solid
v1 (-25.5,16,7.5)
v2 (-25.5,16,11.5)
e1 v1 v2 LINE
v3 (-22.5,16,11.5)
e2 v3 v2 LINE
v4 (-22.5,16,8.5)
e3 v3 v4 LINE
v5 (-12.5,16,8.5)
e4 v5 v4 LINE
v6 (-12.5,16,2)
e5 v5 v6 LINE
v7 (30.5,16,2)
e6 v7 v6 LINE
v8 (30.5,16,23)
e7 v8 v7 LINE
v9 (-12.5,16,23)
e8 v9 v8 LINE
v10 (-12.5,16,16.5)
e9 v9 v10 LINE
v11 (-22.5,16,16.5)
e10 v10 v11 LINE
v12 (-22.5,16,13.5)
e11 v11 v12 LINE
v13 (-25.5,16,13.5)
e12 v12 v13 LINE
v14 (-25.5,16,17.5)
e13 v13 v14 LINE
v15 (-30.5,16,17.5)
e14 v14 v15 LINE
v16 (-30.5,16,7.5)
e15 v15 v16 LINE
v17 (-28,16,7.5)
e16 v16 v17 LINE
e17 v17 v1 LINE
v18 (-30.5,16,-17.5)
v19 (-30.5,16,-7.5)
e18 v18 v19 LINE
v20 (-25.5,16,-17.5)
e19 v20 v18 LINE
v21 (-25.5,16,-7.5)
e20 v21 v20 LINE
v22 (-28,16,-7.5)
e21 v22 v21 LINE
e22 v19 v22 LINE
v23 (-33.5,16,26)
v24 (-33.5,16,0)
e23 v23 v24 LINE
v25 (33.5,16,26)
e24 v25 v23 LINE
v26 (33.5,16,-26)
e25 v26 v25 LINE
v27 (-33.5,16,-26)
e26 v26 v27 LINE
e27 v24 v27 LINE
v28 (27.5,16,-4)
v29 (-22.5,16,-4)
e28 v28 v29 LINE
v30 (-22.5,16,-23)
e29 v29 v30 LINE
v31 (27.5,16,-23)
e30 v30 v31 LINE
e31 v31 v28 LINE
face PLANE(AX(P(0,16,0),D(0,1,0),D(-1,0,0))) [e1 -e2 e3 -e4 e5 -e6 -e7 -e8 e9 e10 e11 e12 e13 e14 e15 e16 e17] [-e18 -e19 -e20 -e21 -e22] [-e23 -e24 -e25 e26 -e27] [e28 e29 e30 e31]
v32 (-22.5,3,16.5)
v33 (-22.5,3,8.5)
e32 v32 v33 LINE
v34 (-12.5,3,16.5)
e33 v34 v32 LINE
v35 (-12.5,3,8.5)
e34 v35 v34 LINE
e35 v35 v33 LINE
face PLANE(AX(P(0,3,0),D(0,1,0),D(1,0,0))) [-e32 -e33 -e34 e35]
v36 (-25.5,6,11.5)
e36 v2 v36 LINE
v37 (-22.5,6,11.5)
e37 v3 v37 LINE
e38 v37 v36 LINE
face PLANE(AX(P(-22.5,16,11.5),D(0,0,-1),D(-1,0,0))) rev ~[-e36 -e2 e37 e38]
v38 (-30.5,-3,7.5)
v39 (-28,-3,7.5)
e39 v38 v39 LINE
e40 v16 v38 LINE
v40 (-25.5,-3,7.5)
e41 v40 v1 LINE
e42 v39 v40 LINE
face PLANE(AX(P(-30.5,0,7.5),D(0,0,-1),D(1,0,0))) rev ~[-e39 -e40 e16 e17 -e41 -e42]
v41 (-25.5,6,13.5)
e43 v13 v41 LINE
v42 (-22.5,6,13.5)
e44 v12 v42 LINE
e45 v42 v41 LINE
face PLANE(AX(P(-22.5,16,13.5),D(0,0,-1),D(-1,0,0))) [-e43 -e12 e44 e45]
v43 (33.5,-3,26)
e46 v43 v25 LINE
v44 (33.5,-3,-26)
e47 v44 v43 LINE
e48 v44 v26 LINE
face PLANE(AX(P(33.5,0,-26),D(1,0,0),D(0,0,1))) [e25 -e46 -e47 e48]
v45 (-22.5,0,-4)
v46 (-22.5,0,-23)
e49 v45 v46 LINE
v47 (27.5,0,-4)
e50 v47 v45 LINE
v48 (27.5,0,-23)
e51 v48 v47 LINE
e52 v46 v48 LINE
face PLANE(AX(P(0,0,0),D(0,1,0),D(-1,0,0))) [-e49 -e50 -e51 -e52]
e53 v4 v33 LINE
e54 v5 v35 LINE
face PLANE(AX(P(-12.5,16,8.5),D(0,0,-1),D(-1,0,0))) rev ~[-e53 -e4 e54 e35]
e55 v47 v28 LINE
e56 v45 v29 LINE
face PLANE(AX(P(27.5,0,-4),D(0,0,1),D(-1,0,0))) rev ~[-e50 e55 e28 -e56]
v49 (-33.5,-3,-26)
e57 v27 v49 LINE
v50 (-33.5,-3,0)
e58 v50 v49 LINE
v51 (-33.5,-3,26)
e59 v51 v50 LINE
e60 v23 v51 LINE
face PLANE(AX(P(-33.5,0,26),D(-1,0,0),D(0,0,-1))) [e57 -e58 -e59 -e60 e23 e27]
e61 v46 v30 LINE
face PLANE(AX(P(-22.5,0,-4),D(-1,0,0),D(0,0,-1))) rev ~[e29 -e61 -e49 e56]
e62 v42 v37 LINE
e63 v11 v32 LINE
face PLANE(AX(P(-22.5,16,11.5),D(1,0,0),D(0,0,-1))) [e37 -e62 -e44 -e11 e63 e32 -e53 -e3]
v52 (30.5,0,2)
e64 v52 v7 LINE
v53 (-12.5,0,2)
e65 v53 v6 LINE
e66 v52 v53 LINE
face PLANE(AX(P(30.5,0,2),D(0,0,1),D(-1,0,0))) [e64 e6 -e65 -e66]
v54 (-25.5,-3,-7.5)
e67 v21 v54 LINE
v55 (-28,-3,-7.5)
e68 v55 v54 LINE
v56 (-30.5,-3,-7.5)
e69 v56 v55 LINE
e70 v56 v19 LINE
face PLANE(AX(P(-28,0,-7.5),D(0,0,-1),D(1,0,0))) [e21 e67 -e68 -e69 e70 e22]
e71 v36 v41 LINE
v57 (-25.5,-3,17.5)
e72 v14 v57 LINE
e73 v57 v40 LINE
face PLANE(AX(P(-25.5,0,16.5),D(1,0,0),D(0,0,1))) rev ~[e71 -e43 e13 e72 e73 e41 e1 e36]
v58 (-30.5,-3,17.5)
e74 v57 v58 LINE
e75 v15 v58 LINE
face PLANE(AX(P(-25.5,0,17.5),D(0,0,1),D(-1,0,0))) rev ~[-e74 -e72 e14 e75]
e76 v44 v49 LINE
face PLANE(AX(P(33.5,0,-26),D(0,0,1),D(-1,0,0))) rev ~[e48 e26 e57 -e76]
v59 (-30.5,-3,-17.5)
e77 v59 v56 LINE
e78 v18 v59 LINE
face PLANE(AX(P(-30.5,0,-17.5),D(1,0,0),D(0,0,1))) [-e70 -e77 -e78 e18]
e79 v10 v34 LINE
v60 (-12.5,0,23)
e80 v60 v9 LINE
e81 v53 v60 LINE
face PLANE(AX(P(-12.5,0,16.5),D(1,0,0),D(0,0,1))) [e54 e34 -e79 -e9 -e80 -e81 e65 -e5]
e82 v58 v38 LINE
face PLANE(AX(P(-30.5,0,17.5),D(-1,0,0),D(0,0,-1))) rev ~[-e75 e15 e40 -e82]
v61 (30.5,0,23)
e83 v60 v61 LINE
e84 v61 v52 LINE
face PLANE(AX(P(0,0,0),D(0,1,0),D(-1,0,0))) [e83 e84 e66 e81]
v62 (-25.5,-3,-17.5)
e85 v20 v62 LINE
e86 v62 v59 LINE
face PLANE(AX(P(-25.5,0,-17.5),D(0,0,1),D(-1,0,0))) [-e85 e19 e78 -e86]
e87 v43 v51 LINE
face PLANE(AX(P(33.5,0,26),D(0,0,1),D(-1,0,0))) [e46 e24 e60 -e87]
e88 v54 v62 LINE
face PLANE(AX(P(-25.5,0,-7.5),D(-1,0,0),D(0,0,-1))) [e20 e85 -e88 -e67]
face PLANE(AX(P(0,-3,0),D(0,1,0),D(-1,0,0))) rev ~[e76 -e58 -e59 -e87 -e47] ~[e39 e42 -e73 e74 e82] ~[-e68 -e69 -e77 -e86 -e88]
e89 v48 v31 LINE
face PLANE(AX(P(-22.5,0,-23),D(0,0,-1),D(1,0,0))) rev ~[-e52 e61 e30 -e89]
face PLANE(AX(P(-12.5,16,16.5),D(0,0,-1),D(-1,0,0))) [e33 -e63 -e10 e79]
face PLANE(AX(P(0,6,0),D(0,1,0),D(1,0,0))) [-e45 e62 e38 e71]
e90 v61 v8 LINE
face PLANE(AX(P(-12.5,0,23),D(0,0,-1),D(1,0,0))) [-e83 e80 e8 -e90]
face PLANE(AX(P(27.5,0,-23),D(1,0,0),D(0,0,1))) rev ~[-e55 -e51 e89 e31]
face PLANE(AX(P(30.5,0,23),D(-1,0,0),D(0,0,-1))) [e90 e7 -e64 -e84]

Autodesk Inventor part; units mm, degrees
ref_plane "YZ Plane" through (0, 0, 0) normal (1, 0, 0) x (0, 1, 0)
ref_plane "XZ Plane" through (0, 0, 0) normal (0, 1, 0) x (-1, 0, 0)
ref_plane "XY Plane" through (0, 0, 0) normal (0, 0, 1) x (1, 0, 0)
sketch "Sketch1" plane through (0, 0, 0) normal (0, 1, 0) x (-1, 0, 0)
  line L0 (-33.5, 26) -> (33.5, 26)
  line L1 (33.5, 26) -> (33.5, -26)
  line L2 (-33.5, -26) -> (-33.5, 26)
  line L3 (-33.5, 26) -> (33.5, -26) construction
  line L4 (33.5, 26) -> (-33.5, -26) construction
  line L5 (33.5, 0) -> (28, 0)
  line L6 (28, 7.5) -> (28, -7.5)
  line L7 (30.5, 7.5) -> (25.5, 7.5)
  line L8 (25.5, 7.5) -> (25.5, 17.5)
  line L9 (25.5, 17.5) -> (30.5, 17.5)
  line L10 (30.5, 17.5) -> (30.5, 7.5)
  line L11 (30.5, -7.5) -> (25.5, -7.5)
  line L12 (25.5, -7.5) -> (25.5, -17.5)
  line L13 (25.5, -17.5) -> (30.5, -17.5)
  line L14 (30.5, -17.5) -> (30.5, -7.5)
  line L15 (22.5, -23) -> (-27.5, -23)
  line L16 (-27.5, -23) -> (-27.5, -4)
  line L17 (-27.5, -4) -> (22.5, -4)
  line L18 (22.5, -4) -> (22.5, -23)
  line L19 (12.5, 23) -> (-30.5, 23)
  line L20 (-30.5, 23) -> (-30.5, 2)
  line L21 (-30.5, 2) -> (12.5, 2)
  line L22 (12.5, 2) -> (12.5, 23)
  line L23 (25.5, 12.5) -> (12.5, 12.5)
  line L24 (-33.5, -26) -> (33.5, -26)
  line L25 (12.5, 16.5) -> (25.5, 16.5)
  line L26 (12.5, 8.5) -> (25.5, 8.5)
  line L27 (25.5, 16.5) -> (22.5, 16.5)
  line L28 (22.5, 16.5) -> (22.5, 13.5)
  line L29 (22.5, 13.5) -> (25.5, 13.5)
  line L30 (22.5, 13.5) -> (22.5, 11.5)
  line L31 (22.5, 11.5) -> (22.5, 8.5)
  line L32 (22.5, 11.5) -> (25.5, 11.5)
  line L33 (24.2677, 11.5) -> (24.2677, 13.5)
  point P0 (0, 0)
  point P1 (24.2677, 12.5)
  dimension "d3" = 15
  dimension "d5" = 10
  dimension "d6" = 5
  dimension "d11" = 50
  dimension "d12" = 3
  dimension "d13" = 43
  dimension "d14" = 13
  dimension "d22" = 19
  dimension "d23" = 21
  dimension "d26" = 3
  dimension "d27" = 3
  dimension "d28" = 3
  dimension "d29" = 3
  dimension "d30" = 6
  dimension "d31" = 67
  dimension "d32" = 52
  dimension "d33" = 8
  dimension "d34" = 3
  dimension "d35" = 2
extrude "Extrusion1" add sketch "Sketch1" along normal blind 16 contours L0 L1 L24 L2 | L26 L31 L32 L8 | L32 L33 L23 L8 | L26 L22 L23 L30 L31 | L8 L29 L28 L25 | L23 L33 L29 L8 | L32 L30 L23 L33 | L28 L30 L23 L22 L25 | L23 L30 L29 L33
sketch "Sketch2" plane through (0, 16, 0) normal (0, 1, 0) x (1, 0, 0)
  line L0 (-12.5, -16.5) -> (-25.5, -16.5) projected
  line L1 (-12.5, -8.5) -> (-25.5, -8.5) projected
  line L2 (-22.5, -11.5) -> (-22.5, -8.5) projected
  line L3 (-22.5, -16.5) -> (-22.5, -13.5) projected
  line L4 (-22.5, -11.5) -> (-25.5, -11.5) projected
  line L5 (-22.5, -13.5) -> (-25.5, -13.5) projected
  line L6 (-25.5, -7.5) -> (-25.5, -17.5) projected
  line L7 (-12.5, -2) -> (-12.5, -23) projected
  line L8 (-22.5, -13.5) -> (-22.5, -11.5) projected
  point P0 (0, 0)
extrude "Extrusion4" cut sketch "Sketch2" against normal blind 13 contours L0 L3 L8 L2 L1 L7
extrude "Extrusion5" cut sketch "Sketch2" against normal blind 10 contours L5 L6 L4 L8
extrude "Extrusion6" add sketch "Sketch1" against normal blind 3 contours L0 L1 L24 L2 | L26 L31 L32 L8 | L32 L33 L23 L8 | L26 L22 L23 L30 L31 | L8 L29 L28 L25 | L23 L33 L29 L8 | L32 L30 L23 L33 | L22 L21 L20 L19 | L28 L30 L23 L22 L25 | L23 L30 L29 L33 | L15 L16 L17 L18
properties part number "Bund"
